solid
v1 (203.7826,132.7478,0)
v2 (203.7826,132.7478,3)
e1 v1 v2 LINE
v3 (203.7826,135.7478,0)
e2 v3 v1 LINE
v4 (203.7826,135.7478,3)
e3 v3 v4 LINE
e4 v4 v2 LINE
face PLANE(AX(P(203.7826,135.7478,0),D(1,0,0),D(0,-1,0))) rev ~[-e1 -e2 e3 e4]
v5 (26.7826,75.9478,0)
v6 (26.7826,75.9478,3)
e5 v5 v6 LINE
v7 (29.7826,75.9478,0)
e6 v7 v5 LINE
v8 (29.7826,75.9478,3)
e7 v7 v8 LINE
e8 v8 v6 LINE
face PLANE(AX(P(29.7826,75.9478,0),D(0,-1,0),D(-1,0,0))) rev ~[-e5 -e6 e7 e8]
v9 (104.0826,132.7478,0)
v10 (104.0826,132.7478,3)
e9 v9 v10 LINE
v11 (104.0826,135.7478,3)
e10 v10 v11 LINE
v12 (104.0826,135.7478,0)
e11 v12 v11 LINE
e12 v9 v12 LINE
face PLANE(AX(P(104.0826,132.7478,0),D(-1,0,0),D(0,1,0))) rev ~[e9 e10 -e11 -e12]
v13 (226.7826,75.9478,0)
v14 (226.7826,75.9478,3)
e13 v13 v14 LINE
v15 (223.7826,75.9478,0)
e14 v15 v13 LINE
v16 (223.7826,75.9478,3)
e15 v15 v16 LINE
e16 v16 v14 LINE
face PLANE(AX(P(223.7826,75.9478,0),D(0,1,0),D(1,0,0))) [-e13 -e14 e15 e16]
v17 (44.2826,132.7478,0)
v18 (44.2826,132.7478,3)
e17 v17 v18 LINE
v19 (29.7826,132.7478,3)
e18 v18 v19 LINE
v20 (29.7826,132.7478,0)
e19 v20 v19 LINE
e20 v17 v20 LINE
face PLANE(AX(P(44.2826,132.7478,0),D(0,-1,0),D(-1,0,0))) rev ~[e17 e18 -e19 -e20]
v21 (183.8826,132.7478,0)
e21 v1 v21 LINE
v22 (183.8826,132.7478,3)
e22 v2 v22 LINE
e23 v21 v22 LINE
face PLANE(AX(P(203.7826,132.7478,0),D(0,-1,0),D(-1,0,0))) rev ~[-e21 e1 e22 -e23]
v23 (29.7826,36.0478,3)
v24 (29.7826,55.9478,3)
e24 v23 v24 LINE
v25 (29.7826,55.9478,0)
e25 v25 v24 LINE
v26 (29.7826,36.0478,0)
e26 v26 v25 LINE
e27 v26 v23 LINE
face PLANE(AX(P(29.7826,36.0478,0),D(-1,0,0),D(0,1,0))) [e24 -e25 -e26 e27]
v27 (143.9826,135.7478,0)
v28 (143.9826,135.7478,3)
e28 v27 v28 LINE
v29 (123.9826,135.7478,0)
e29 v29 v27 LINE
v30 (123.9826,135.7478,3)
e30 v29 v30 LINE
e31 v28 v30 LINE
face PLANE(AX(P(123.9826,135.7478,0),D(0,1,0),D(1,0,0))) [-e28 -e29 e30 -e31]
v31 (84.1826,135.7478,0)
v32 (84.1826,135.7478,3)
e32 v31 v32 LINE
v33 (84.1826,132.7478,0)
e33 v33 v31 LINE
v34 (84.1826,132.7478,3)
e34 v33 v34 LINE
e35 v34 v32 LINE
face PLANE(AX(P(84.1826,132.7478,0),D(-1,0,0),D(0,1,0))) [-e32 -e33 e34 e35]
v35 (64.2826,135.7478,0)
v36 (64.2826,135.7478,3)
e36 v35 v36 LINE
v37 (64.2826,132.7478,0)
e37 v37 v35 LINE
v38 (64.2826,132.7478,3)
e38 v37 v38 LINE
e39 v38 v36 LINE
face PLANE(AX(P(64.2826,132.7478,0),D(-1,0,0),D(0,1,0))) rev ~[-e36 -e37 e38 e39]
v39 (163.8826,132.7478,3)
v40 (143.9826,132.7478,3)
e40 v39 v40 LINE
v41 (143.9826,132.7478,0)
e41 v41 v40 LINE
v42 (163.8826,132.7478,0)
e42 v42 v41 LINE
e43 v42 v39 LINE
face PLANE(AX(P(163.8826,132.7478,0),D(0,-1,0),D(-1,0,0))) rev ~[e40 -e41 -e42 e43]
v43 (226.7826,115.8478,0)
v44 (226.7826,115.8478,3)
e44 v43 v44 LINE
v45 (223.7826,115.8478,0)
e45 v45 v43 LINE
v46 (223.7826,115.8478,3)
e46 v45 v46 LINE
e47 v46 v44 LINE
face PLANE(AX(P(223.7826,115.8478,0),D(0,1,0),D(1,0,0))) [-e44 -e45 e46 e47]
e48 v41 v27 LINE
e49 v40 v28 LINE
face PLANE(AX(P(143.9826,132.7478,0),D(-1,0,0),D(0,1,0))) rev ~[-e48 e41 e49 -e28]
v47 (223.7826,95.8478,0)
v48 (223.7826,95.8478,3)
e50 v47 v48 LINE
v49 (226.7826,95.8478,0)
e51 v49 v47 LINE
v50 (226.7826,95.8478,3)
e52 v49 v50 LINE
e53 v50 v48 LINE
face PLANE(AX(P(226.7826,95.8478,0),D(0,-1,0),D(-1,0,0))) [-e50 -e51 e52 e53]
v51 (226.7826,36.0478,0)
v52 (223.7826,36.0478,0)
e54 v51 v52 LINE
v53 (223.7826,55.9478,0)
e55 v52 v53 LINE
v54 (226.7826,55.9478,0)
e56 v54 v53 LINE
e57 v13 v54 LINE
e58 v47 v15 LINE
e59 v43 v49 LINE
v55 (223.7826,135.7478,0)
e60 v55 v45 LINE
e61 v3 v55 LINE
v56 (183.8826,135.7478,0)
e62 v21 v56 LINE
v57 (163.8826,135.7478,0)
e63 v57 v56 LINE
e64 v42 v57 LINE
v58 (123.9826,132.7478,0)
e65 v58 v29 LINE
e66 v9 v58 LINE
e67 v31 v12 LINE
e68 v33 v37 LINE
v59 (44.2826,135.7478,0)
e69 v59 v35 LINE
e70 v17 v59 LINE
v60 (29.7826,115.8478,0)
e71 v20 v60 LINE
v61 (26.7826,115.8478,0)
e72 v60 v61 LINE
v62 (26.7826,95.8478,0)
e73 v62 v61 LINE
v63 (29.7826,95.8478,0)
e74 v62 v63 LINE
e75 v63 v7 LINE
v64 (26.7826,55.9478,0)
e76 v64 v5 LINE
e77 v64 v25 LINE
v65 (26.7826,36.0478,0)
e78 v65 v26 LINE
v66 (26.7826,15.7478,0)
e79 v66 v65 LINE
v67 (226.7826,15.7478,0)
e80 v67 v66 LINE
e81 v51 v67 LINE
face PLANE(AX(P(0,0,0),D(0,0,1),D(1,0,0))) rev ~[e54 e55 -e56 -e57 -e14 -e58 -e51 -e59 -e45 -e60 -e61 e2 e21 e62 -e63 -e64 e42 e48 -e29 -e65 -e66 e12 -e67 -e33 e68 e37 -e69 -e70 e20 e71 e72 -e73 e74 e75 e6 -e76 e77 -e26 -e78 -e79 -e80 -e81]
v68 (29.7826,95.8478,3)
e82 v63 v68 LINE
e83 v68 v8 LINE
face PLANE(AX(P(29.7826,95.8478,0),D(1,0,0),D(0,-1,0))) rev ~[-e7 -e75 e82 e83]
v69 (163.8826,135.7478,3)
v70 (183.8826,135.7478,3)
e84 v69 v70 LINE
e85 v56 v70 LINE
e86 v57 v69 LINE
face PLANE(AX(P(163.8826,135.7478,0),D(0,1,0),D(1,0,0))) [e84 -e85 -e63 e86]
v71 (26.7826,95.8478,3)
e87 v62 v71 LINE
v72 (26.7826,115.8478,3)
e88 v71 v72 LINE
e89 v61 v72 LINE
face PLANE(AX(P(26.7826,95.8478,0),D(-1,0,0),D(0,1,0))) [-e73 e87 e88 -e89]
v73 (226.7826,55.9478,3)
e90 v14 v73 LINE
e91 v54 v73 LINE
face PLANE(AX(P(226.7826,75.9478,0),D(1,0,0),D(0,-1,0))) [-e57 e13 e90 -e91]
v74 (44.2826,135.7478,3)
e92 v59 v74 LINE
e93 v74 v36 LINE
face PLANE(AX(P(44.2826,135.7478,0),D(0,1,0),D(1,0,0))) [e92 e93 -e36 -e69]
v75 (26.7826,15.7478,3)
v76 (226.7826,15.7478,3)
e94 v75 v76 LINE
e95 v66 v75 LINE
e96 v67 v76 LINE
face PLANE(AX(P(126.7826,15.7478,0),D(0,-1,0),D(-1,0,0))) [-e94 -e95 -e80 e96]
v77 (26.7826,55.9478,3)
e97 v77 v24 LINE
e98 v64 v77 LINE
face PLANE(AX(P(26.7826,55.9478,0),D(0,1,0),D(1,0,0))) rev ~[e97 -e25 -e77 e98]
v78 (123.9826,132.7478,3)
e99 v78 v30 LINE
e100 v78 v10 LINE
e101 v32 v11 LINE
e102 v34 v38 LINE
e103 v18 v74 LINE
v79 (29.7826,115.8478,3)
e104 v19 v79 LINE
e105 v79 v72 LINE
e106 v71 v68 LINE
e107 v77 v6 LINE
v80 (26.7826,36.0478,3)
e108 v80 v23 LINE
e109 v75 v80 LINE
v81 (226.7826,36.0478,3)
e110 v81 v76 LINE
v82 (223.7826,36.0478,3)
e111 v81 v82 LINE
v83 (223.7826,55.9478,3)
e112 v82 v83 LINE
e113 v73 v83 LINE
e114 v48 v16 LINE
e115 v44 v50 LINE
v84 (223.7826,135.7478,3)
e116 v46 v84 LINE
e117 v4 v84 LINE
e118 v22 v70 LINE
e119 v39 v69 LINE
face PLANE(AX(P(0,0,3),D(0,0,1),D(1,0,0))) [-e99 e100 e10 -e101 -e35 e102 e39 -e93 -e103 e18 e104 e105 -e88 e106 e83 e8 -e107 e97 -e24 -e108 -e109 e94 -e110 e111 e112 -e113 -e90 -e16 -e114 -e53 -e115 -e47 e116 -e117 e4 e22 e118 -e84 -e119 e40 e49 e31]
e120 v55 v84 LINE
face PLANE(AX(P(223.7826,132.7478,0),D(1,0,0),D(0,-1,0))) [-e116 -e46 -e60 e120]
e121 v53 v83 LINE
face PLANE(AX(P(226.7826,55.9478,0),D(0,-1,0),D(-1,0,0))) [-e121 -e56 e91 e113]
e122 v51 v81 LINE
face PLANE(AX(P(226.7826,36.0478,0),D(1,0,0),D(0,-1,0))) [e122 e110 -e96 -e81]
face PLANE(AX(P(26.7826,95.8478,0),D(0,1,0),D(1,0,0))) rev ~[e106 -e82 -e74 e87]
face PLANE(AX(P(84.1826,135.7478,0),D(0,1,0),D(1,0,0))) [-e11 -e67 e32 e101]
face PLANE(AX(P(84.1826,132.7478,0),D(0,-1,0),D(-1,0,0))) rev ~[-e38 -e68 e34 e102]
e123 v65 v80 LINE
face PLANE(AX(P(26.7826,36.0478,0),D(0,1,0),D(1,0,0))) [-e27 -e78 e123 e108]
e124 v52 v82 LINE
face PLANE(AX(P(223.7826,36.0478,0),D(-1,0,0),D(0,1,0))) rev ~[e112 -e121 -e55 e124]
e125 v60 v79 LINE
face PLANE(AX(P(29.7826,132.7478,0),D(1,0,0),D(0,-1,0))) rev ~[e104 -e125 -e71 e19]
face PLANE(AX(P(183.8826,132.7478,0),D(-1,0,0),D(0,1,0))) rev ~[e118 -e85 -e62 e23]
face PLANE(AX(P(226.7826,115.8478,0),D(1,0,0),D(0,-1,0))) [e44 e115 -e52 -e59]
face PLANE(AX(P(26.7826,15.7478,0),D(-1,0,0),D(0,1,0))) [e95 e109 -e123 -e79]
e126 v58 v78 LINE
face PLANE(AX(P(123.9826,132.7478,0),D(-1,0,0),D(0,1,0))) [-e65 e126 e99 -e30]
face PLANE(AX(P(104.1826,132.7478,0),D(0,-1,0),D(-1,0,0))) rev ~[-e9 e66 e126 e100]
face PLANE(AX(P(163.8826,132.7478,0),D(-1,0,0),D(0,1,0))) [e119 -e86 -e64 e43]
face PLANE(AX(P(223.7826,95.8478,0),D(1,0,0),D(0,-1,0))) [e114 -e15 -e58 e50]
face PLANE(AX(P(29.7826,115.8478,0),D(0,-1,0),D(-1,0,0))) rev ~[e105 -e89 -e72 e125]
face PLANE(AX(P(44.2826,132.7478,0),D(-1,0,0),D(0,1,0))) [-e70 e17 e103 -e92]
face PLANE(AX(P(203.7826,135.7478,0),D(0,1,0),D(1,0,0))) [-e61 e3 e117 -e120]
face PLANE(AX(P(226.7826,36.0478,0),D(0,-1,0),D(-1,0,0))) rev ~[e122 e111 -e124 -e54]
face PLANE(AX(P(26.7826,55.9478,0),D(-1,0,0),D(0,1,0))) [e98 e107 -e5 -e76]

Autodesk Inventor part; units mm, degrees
ref_plane "YZ Plane" through (0, 0, 0) normal (1, 0, 0) x (0, 1, 0)
ref_plane "XZ Plane" through (0, 0, 0) normal (0, 1, 0) x (-1, 0, 0)
ref_plane "XY Plane" through (0, 0, 0) normal (0, 0, 1) x (1, 0, 0)
sketch "Sketch1" plane through (0, 0, 0) normal (0, 0, 1) x (1, 0, 0)
  line L0 (26.7826, 135.7478) -> (226.7826, 135.7478)
  line L1 (226.7826, 135.7478) -> (226.7826, 15.7478)
  line L2 (226.7826, 15.7478) -> (26.7826, 15.7478)
  line L3 (26.7826, 15.7478) -> (26.7826, 135.7478)
  line L4 (26.7826, 135.7478) -> (29.7826, 135.7478)
  line L5 (29.7826, 135.7478) -> (29.7826, 115.8478)
  line L6 (29.7826, 115.8478) -> (26.7826, 115.8478)
  line L7 (26.7826, 115.8478) -> (26.7826, 135.7478)
  line L8 (29.7826, 115.8478) -> (26.7826, 115.8478)
  line L9 (26.7826, 115.8478) -> (26.7826, 95.8478)
  line L10 (26.7826, 95.8478) -> (29.7826, 95.8478)
  line L11 (29.7826, 95.8478) -> (29.7826, 115.8478)
  line L12 (26.7826, 95.8478) -> (29.7826, 95.8478)
  line L13 (29.7826, 95.8478) -> (29.7826, 75.9478)
  line L14 (29.7826, 75.9478) -> (26.7826, 75.9478)
  line L15 (26.7826, 75.9478) -> (26.7826, 95.8478)
  line L16 (29.7826, 75.9478) -> (26.7826, 75.9478)
  line L17 (26.7826, 75.9478) -> (26.7826, 55.9478)
  line L18 (26.7826, 55.9478) -> (29.7826, 55.9478)
  line L19 (29.7826, 55.9478) -> (29.7826, 75.9478)
  line L20 (29.7826, 55.9478) -> (26.7826, 55.9478)
  line L21 (26.7826, 55.9478) -> (26.7826, 36.0478)
  line L22 (26.7826, 36.0478) -> (29.7826, 36.0478)
  line L23 (29.7826, 36.0478) -> (29.7826, 55.9478)
  line L24 (26.7826, 36.0478) -> (29.7826, 36.0478)
  line L25 (29.7826, 36.0478) -> (29.7826, 15.7478)
  line L26 (29.7826, 15.7478) -> (26.7826, 15.7478)
  line L27 (26.7826, 15.7478) -> (26.7826, 36.0478)
  line L28 (126.7826, 150.5528) -> (126.7826, -31.6323)
  line L29 (226.7826, 15.7478) -> (226.7826, 135.7478)
  line L30 (226.7826, 135.7478) -> (223.7826, 135.7478)
  line L31 (223.7826, 135.7478) -> (223.7826, 115.8478)
  line L32 (223.7826, 115.8478) -> (226.7826, 115.8478)
  line L33 (226.7826, 115.8478) -> (226.7826, 135.7478)
  line L34 (223.7826, 115.8478) -> (226.7826, 115.8478)
  line L35 (226.7826, 115.8478) -> (226.7826, 95.8478)
  line L36 (226.7826, 95.8478) -> (223.7826, 95.8478)
  line L37 (223.7826, 95.8478) -> (223.7826, 115.8478)
  line L38 (226.7826, 95.8478) -> (223.7826, 95.8478)
  line L39 (223.7826, 95.8478) -> (223.7826, 75.9478)
  line L40 (223.7826, 75.9478) -> (226.7826, 75.9478)
  line L41 (226.7826, 75.9478) -> (226.7826, 95.8478)
  line L42 (223.7826, 75.9478) -> (226.7826, 75.9478)
  line L43 (226.7826, 75.9478) -> (226.7826, 55.9478)
  line L44 (226.7826, 55.9478) -> (223.7826, 55.9478)
  line L45 (223.7826, 55.9478) -> (223.7826, 75.9478)
  line L46 (223.7826, 55.9478) -> (226.7826, 55.9478)
  line L47 (226.7826, 55.9478) -> (226.7826, 36.0478)
  line L48 (226.7826, 36.0478) -> (223.7826, 36.0478)
  line L49 (223.7826, 36.0478) -> (223.7826, 55.9478)
  line L50 (226.7826, 36.0478) -> (223.7826, 36.0478)
  line L51 (223.7826, 36.0478) -> (223.7826, 15.7478)
  line L52 (223.7826, 15.7478) -> (226.7826, 15.7478)
  line L53 (226.7826, 15.7478) -> (226.7826, 36.0478)
  line L54 (223.7826, 135.7478) -> (203.7826, 135.7478)
  line L55 (203.7826, 135.7478) -> (203.7826, 132.7478)
  line L56 (203.7826, 132.7478) -> (223.7826, 132.7478)
  line L57 (223.7826, 132.7478) -> (223.7826, 135.7478)
  line L58 (203.7826, 132.7478) -> (183.8826, 132.7478)
  line L59 (183.8826, 132.7478) -> (183.8826, 135.7478)
  line L60 (183.8826, 135.7478) -> (203.7826, 135.7478)
  line L61 (203.7826, 135.7478) -> (203.7826, 132.7478)
  line L62 (183.8826, 132.7478) -> (163.8826, 132.7478)
  line L63 (163.8826, 132.7478) -> (163.8826, 135.7478)
  line L64 (163.8826, 135.7478) -> (183.8826, 135.7478)
  line L65 (183.8826, 135.7478) -> (183.8826, 132.7478)
  line L66 (163.8826, 132.7478) -> (143.9826, 132.7478)
  line L67 (143.9826, 132.7478) -> (143.9826, 135.7478)
  line L68 (143.9826, 135.7478) -> (163.8826, 135.7478)
  line L69 (163.8826, 135.7478) -> (163.8826, 132.7478)
  line L70 (143.9826, 132.7478) -> (123.9826, 132.7478)
  line L71 (123.9826, 132.7478) -> (123.9826, 135.7478)
  line L72 (123.9826, 135.7478) -> (143.9826, 135.7478)
  line L73 (143.9826, 135.7478) -> (143.9826, 132.7478)
  line L74 (123.9826, 132.7478) -> (104.0826, 132.7478)
  line L75 (104.0826, 132.7478) -> (104.0826, 135.7478)
  line L76 (104.0826, 135.7478) -> (123.9826, 135.7478)
  line L77 (123.9826, 135.7478) -> (123.9826, 132.7478)
  line L78 (104.0826, 132.7478) -> (29.7826, 132.7478)
  line L79 (29.7826, 132.7478) -> (29.7826, 135.7478)
  line L80 (29.7826, 135.7478) -> (104.0826, 135.7478)
  line L81 (104.0826, 135.7478) -> (104.0826, 132.7478)
  line L82 (104.1826, 135.7478) -> (104.1826, 132.7478)
  line L83 (104.1826, 132.7478) -> (84.1826, 132.7478)
  line L84 (84.1826, 132.7478) -> (84.1826, 135.7478)
  line L85 (84.1826, 135.7478) -> (104.1826, 135.7478)
  line L86 (104.1826, 135.7478) -> (104.1826, 132.7478)
  line L87 (84.1826, 132.7478) -> (64.2826, 132.7478)
  line L88 (64.2826, 132.7478) -> (64.2826, 135.7478)
  line L89 (64.2826, 135.7478) -> (84.1826, 135.7478)
  line L90 (84.1826, 135.7478) -> (84.1826, 132.7478)
  line L91 (64.2826, 132.7478) -> (44.2826, 132.7478)
  line L92 (44.2826, 132.7478) -> (44.2826, 135.7478)
  line L93 (44.2826, 135.7478) -> (64.2826, 135.7478)
  line L94 (64.2826, 135.7478) -> (64.2826, 132.7478)
  line L95 (44.2826, 135.7478) -> (44.2826, 132.7478)
  point P0 (0, 0)
  point P1 (29.7826, 95.8478)
  point P2 (26.7826, 75.9478)
  point P3 (226.7826, 36.0478)
  point P4 (226.7826, 55.9478)
  point P5 (226.7826, 75.9478)
  point P6 (223.7826, 95.8478)
  point P7 (226.7826, 95.8478)
  point P8 (226.7826, 115.8478)
  point P9 (223.7826, 135.7478)
  point P10 (26.7826, 115.8478)
  point P11 (26.7826, 95.8478)
  point P12 (203.7826, 135.7478)
  point P13 (225.2826, 135.7478)
  point P14 (225.2826, 115.8478)
  point P15 (225.2826, 115.8478)
  point P16 (225.2826, 95.8478)
  point P17 (27.0826, 150.5528)
  dimension "d0" = 200
  dimension "d1" = 120
  dimension "d2" = 3
  dimension "d3" = 19.9
  dimension "d4" = 20
  dimension "d5" = 3
  dimension "d6" = 19.9
  dimension "d7" = 20
  dimension "d8" = 19.9
  dimension "d11" = 20
  dimension "d12" = 3
  dimension "d13" = 19.9
  dimension "d14" = 20
  dimension "d15" = 19.9
  dimension "d16" = 20
  dimension "d17" = 19.9
  dimension "d18" = 19.9
  dimension "d19" = 20
  dimension "d20" = 3
  dimension "d21" = 20
  dimension "d22" = 19.9
  dimension "d23" = 20
extrude "Extrusion1" add sketch "Sketch1" along normal blind 3 contours L6 L11 L10 L3 | L0 L88 L78 L92 | L78 L74 L70 L28 L2 L25 L23 L19 L13 L11 L5 | L14 L19 L18 L3 | L0 L75 L78 L84 | L22 L25 L2 L3 | L0 L28 L70 L71 | L0 L67 L70 L28 | L28 L70 L66 L62 L58 L56 L31 L37 L39 L45 L49 L51 L2 | L51 L48 L1 L2 | L0 L59 L62 L63 | L45 L40 L1 L44 | L0 L31 L56 L55 | L37 L32 L1 L36
equation "\"d3\" = d6"
equation "\"d8\" = d6"
equation "\"d13\" = d6"
equation "\"d15\" = d3"
equation "\"d17\" = d3"
equation "\"d27\" = d26"
equation "\"d26\" = 19.9"
